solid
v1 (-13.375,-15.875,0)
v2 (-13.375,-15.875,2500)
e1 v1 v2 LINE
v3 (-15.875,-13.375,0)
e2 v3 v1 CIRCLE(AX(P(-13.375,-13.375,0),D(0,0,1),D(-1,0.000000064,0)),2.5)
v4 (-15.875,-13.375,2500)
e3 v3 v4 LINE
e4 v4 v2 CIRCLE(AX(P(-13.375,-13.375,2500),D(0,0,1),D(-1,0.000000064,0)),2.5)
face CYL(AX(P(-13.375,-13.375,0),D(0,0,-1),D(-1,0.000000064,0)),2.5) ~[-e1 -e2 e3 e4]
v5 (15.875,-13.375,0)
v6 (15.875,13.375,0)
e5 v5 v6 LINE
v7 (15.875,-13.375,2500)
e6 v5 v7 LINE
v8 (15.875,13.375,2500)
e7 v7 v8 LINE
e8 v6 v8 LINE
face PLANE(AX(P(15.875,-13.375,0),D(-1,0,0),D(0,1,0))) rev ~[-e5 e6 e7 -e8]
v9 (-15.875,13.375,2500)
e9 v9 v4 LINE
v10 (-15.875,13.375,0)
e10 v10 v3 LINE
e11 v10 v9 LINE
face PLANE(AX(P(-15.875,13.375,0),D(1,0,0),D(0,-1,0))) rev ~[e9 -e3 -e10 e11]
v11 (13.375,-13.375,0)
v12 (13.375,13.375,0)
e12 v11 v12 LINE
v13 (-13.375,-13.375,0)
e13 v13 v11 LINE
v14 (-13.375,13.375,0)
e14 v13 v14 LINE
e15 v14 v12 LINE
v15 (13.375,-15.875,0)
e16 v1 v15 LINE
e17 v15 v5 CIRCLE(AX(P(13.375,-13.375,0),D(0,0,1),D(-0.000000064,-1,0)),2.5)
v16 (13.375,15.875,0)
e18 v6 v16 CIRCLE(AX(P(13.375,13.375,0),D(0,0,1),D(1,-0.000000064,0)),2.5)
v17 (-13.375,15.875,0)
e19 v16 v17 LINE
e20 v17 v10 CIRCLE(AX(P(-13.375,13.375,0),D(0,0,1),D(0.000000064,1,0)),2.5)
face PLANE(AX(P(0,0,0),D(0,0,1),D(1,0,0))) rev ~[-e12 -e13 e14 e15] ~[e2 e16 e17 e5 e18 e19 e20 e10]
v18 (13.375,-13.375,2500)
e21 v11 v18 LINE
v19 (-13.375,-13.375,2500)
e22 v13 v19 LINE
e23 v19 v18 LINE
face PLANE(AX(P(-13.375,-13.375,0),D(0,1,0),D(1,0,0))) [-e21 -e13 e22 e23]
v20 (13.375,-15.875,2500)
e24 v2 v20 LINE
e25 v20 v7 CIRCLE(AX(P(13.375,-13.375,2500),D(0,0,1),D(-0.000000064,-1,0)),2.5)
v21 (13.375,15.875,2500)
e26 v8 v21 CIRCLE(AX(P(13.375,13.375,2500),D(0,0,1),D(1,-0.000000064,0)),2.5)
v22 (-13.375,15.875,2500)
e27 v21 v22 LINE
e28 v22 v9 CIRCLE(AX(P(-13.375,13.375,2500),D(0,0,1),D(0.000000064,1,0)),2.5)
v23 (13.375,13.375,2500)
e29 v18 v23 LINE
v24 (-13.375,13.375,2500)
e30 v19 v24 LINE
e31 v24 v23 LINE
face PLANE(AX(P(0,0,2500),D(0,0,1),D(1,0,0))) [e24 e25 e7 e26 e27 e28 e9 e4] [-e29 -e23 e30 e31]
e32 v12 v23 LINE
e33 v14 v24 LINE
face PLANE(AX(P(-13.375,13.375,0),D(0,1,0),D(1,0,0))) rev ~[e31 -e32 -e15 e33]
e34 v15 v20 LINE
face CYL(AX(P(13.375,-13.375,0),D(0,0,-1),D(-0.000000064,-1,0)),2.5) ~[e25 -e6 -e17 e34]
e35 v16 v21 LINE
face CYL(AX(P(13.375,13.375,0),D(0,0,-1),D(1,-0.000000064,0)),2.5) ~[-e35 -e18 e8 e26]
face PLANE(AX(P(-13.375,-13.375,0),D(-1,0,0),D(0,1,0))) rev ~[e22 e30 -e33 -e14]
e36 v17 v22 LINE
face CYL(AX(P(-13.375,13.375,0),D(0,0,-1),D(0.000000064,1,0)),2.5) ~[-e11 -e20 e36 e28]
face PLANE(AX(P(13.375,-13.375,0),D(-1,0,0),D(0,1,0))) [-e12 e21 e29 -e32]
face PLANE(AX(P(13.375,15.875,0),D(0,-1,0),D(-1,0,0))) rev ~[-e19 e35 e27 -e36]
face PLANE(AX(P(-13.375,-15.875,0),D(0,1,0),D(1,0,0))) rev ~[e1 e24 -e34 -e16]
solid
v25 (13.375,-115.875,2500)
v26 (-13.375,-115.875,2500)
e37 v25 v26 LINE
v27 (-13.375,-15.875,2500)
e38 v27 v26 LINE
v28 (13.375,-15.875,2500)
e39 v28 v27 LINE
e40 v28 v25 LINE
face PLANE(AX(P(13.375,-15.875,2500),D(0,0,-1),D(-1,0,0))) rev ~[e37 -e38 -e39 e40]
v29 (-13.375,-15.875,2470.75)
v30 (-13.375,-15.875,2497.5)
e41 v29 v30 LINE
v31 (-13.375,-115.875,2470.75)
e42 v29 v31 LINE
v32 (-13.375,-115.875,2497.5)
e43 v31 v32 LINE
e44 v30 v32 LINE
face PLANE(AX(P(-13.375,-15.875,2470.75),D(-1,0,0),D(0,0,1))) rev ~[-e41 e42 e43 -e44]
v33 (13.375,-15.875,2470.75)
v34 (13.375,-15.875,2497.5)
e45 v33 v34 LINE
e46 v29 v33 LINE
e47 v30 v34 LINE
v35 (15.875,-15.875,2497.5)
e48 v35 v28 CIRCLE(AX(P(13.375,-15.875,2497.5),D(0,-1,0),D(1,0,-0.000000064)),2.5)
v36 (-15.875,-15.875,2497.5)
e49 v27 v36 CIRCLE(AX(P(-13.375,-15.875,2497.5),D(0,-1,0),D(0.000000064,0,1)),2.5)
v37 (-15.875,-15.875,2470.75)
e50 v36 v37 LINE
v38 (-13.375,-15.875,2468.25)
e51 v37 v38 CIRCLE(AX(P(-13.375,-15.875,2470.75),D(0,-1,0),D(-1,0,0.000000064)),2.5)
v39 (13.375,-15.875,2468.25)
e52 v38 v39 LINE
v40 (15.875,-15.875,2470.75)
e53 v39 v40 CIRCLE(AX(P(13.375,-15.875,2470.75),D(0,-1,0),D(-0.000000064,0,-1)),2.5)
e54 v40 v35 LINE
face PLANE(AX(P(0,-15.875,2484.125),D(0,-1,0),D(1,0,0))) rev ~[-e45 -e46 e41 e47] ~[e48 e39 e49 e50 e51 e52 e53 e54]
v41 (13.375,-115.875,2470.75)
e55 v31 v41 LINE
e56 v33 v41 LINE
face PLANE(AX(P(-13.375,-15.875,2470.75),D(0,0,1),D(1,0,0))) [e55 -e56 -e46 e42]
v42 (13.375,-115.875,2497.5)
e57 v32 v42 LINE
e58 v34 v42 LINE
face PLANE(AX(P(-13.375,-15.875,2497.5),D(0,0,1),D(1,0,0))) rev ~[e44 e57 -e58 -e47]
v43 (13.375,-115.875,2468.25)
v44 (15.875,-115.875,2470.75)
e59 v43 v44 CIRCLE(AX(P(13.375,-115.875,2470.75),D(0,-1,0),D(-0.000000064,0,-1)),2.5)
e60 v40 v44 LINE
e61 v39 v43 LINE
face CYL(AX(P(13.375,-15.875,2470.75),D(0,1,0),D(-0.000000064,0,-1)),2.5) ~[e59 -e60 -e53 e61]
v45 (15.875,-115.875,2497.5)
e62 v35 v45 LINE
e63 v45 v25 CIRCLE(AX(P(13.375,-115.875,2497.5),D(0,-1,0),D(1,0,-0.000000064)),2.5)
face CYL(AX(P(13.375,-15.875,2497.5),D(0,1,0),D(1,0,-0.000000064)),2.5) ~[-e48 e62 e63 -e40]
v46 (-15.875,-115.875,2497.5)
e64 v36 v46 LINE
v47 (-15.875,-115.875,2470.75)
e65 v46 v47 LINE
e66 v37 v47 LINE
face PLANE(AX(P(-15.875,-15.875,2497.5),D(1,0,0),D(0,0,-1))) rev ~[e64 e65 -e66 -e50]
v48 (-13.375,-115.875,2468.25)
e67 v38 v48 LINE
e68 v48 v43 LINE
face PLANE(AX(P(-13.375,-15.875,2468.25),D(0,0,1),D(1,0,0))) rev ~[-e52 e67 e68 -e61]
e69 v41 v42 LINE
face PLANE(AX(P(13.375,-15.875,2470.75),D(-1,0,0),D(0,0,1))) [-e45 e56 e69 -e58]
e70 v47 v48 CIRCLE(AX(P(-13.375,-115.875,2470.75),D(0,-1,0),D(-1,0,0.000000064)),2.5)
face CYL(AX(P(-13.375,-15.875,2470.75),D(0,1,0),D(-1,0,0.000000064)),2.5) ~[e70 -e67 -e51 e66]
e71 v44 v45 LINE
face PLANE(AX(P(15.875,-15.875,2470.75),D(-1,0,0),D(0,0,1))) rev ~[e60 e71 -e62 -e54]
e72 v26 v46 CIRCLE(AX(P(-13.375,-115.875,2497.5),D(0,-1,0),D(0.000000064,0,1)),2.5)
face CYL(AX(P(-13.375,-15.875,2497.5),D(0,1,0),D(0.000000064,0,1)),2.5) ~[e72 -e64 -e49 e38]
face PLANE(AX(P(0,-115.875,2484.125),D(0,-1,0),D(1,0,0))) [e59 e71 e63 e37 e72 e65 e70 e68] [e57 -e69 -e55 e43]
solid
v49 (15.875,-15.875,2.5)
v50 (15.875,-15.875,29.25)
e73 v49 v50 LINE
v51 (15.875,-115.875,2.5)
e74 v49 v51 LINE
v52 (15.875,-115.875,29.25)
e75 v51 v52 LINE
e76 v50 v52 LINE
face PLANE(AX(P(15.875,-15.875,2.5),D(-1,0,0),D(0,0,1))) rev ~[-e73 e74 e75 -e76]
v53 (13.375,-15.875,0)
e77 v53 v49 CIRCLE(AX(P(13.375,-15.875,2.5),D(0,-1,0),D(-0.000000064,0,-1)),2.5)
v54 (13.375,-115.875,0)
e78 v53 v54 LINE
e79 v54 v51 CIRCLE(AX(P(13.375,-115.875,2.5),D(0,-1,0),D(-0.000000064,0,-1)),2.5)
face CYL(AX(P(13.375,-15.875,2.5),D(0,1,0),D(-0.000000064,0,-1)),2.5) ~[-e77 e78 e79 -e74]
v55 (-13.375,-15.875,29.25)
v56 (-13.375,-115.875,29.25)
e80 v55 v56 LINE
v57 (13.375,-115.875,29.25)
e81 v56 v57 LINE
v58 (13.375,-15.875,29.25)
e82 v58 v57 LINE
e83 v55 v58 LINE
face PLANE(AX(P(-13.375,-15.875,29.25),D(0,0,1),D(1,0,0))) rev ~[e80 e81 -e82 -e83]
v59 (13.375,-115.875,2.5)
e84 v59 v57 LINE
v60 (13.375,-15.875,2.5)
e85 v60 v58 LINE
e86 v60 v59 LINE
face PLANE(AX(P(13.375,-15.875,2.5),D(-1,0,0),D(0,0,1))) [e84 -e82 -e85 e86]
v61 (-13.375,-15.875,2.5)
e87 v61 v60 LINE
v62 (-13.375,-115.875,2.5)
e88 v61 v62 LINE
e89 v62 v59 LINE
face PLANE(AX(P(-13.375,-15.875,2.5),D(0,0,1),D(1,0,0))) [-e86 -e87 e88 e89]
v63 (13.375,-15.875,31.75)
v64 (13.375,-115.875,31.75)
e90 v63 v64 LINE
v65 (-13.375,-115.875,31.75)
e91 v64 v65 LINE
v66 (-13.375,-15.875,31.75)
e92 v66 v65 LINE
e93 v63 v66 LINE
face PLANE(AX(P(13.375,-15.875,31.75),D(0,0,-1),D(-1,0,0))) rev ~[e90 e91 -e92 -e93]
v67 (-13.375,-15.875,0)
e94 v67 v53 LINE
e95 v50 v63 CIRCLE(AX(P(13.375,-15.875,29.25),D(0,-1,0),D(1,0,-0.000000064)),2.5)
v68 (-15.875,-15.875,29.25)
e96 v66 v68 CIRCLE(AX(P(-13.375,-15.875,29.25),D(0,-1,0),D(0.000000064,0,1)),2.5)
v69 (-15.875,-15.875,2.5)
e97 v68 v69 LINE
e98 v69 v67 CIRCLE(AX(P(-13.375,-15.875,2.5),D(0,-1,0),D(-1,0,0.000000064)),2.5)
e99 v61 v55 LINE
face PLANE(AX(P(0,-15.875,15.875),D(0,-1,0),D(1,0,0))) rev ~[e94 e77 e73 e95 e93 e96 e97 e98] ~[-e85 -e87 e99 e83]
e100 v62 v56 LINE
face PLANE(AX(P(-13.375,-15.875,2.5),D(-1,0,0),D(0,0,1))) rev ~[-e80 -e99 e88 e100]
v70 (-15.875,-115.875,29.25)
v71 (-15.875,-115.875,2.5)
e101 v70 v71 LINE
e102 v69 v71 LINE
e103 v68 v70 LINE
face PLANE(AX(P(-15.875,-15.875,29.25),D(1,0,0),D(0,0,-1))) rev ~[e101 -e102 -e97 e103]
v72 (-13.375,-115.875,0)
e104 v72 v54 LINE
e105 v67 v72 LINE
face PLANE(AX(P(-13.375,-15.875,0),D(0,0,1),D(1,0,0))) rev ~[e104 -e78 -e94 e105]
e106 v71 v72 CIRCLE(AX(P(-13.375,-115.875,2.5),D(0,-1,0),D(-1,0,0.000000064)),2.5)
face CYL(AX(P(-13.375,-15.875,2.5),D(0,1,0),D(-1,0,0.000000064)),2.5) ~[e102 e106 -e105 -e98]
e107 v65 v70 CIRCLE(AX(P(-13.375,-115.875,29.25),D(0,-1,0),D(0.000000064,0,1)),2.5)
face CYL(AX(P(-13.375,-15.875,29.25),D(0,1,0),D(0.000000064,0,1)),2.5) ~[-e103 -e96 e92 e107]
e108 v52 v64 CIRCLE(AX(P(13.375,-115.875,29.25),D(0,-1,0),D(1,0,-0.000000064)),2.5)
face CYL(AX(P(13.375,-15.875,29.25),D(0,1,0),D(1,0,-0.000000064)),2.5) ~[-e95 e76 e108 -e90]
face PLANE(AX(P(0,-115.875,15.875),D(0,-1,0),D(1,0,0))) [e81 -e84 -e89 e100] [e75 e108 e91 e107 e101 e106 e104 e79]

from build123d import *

# Parameters (mm, degrees)
F0_W     = 26.75
F0_H     = 26.75
F1_DEPTH = 2500
F2_W     = 26.75
F2_H     = 26.75
F3_DEPTH = 100


with BuildPart() as f1:
    # F0 (on Top) → F1 (new body)
    with BuildSketch(Plane.XY):
        with BuildLine():
            ThreePointArc((15.875, 13.375), (15.142767, 15.142767), (13.375, 15.875))
            Line((13.375, 15.875), (-13.375, 15.875))
            ThreePointArc((-13.375, 15.875), (-15.142767, 15.142767), (-15.875, 13.375))
            Line((-15.875, 13.375), (-15.875, -13.375))
            ThreePointArc((-15.875, -13.375), (-15.142767, -15.142767), (-13.375, -15.875))
            Line((-13.375, -15.875), (13.375, -15.875))
            ThreePointArc((13.375, -15.875), (15.142767, -15.142767), (15.875, -13.375))
            Line((15.875, -13.375), (15.875, 13.375))
        make_face()
        Rectangle(F0_W, F0_H, mode=Mode.SUBTRACT)
    extrude(amount=F1_DEPTH)


with BuildPart() as f3:
    # F2 (on face) → F3 (new body)
    with BuildSketch(Plane.XZ.offset(15.875)):
        with BuildLine():
            Line((-13.375, 2468.25), (13.375, 2468.25))
            ThreePointArc((13.375, 2468.25), (15.142767, 2468.982233), (15.875, 2470.75))
            Line((15.875, 2470.75), (15.875, 2497.5))
            ThreePointArc((15.875, 2497.5), (15.142767, 2499.267767), (13.375, 2500))
            Line((13.375, 2500), (-13.375, 2500))
            ThreePointArc((-13.375, 2500), (-15.142767, 2499.267767), (-15.875, 2497.5))
            Line((-15.875, 2497.5), (-15.875, 2470.75))
            ThreePointArc((-15.875, 2470.75), (-15.142767, 2468.982233), (-13.375, 2468.25))
        make_face()
        with Locations((0, 2484.125)):
            Rectangle(F2_W, F2_H, mode=Mode.SUBTRACT)
        with BuildLine():
            Line((-13.375, 0), (13.375, 0))
            ThreePointArc((13.375, 0), (15.142767, 0.732233), (15.875, 2.5))
            Line((15.875, 2.5), (15.875, 29.25))
            ThreePointArc((15.875, 29.25), (15.142767, 31.017767), (13.375, 31.75))
            Line((13.375, 31.75), (-13.375, 31.75))
            ThreePointArc((-13.375, 31.75), (-15.142767, 31.017767), (-15.875, 29.25))
            Line((-15.875, 29.25), (-15.875, 2.5))
            ThreePointArc((-15.875, 2.5), (-15.142767, 0.732233), (-13.375, 0))
        make_face()
        with Locations((0, 15.875)):
            Rectangle(F2_W, F2_H, mode=Mode.SUBTRACT)
    extrude(amount=F3_DEPTH)


solid = Compound([f1.part, f3.part])
